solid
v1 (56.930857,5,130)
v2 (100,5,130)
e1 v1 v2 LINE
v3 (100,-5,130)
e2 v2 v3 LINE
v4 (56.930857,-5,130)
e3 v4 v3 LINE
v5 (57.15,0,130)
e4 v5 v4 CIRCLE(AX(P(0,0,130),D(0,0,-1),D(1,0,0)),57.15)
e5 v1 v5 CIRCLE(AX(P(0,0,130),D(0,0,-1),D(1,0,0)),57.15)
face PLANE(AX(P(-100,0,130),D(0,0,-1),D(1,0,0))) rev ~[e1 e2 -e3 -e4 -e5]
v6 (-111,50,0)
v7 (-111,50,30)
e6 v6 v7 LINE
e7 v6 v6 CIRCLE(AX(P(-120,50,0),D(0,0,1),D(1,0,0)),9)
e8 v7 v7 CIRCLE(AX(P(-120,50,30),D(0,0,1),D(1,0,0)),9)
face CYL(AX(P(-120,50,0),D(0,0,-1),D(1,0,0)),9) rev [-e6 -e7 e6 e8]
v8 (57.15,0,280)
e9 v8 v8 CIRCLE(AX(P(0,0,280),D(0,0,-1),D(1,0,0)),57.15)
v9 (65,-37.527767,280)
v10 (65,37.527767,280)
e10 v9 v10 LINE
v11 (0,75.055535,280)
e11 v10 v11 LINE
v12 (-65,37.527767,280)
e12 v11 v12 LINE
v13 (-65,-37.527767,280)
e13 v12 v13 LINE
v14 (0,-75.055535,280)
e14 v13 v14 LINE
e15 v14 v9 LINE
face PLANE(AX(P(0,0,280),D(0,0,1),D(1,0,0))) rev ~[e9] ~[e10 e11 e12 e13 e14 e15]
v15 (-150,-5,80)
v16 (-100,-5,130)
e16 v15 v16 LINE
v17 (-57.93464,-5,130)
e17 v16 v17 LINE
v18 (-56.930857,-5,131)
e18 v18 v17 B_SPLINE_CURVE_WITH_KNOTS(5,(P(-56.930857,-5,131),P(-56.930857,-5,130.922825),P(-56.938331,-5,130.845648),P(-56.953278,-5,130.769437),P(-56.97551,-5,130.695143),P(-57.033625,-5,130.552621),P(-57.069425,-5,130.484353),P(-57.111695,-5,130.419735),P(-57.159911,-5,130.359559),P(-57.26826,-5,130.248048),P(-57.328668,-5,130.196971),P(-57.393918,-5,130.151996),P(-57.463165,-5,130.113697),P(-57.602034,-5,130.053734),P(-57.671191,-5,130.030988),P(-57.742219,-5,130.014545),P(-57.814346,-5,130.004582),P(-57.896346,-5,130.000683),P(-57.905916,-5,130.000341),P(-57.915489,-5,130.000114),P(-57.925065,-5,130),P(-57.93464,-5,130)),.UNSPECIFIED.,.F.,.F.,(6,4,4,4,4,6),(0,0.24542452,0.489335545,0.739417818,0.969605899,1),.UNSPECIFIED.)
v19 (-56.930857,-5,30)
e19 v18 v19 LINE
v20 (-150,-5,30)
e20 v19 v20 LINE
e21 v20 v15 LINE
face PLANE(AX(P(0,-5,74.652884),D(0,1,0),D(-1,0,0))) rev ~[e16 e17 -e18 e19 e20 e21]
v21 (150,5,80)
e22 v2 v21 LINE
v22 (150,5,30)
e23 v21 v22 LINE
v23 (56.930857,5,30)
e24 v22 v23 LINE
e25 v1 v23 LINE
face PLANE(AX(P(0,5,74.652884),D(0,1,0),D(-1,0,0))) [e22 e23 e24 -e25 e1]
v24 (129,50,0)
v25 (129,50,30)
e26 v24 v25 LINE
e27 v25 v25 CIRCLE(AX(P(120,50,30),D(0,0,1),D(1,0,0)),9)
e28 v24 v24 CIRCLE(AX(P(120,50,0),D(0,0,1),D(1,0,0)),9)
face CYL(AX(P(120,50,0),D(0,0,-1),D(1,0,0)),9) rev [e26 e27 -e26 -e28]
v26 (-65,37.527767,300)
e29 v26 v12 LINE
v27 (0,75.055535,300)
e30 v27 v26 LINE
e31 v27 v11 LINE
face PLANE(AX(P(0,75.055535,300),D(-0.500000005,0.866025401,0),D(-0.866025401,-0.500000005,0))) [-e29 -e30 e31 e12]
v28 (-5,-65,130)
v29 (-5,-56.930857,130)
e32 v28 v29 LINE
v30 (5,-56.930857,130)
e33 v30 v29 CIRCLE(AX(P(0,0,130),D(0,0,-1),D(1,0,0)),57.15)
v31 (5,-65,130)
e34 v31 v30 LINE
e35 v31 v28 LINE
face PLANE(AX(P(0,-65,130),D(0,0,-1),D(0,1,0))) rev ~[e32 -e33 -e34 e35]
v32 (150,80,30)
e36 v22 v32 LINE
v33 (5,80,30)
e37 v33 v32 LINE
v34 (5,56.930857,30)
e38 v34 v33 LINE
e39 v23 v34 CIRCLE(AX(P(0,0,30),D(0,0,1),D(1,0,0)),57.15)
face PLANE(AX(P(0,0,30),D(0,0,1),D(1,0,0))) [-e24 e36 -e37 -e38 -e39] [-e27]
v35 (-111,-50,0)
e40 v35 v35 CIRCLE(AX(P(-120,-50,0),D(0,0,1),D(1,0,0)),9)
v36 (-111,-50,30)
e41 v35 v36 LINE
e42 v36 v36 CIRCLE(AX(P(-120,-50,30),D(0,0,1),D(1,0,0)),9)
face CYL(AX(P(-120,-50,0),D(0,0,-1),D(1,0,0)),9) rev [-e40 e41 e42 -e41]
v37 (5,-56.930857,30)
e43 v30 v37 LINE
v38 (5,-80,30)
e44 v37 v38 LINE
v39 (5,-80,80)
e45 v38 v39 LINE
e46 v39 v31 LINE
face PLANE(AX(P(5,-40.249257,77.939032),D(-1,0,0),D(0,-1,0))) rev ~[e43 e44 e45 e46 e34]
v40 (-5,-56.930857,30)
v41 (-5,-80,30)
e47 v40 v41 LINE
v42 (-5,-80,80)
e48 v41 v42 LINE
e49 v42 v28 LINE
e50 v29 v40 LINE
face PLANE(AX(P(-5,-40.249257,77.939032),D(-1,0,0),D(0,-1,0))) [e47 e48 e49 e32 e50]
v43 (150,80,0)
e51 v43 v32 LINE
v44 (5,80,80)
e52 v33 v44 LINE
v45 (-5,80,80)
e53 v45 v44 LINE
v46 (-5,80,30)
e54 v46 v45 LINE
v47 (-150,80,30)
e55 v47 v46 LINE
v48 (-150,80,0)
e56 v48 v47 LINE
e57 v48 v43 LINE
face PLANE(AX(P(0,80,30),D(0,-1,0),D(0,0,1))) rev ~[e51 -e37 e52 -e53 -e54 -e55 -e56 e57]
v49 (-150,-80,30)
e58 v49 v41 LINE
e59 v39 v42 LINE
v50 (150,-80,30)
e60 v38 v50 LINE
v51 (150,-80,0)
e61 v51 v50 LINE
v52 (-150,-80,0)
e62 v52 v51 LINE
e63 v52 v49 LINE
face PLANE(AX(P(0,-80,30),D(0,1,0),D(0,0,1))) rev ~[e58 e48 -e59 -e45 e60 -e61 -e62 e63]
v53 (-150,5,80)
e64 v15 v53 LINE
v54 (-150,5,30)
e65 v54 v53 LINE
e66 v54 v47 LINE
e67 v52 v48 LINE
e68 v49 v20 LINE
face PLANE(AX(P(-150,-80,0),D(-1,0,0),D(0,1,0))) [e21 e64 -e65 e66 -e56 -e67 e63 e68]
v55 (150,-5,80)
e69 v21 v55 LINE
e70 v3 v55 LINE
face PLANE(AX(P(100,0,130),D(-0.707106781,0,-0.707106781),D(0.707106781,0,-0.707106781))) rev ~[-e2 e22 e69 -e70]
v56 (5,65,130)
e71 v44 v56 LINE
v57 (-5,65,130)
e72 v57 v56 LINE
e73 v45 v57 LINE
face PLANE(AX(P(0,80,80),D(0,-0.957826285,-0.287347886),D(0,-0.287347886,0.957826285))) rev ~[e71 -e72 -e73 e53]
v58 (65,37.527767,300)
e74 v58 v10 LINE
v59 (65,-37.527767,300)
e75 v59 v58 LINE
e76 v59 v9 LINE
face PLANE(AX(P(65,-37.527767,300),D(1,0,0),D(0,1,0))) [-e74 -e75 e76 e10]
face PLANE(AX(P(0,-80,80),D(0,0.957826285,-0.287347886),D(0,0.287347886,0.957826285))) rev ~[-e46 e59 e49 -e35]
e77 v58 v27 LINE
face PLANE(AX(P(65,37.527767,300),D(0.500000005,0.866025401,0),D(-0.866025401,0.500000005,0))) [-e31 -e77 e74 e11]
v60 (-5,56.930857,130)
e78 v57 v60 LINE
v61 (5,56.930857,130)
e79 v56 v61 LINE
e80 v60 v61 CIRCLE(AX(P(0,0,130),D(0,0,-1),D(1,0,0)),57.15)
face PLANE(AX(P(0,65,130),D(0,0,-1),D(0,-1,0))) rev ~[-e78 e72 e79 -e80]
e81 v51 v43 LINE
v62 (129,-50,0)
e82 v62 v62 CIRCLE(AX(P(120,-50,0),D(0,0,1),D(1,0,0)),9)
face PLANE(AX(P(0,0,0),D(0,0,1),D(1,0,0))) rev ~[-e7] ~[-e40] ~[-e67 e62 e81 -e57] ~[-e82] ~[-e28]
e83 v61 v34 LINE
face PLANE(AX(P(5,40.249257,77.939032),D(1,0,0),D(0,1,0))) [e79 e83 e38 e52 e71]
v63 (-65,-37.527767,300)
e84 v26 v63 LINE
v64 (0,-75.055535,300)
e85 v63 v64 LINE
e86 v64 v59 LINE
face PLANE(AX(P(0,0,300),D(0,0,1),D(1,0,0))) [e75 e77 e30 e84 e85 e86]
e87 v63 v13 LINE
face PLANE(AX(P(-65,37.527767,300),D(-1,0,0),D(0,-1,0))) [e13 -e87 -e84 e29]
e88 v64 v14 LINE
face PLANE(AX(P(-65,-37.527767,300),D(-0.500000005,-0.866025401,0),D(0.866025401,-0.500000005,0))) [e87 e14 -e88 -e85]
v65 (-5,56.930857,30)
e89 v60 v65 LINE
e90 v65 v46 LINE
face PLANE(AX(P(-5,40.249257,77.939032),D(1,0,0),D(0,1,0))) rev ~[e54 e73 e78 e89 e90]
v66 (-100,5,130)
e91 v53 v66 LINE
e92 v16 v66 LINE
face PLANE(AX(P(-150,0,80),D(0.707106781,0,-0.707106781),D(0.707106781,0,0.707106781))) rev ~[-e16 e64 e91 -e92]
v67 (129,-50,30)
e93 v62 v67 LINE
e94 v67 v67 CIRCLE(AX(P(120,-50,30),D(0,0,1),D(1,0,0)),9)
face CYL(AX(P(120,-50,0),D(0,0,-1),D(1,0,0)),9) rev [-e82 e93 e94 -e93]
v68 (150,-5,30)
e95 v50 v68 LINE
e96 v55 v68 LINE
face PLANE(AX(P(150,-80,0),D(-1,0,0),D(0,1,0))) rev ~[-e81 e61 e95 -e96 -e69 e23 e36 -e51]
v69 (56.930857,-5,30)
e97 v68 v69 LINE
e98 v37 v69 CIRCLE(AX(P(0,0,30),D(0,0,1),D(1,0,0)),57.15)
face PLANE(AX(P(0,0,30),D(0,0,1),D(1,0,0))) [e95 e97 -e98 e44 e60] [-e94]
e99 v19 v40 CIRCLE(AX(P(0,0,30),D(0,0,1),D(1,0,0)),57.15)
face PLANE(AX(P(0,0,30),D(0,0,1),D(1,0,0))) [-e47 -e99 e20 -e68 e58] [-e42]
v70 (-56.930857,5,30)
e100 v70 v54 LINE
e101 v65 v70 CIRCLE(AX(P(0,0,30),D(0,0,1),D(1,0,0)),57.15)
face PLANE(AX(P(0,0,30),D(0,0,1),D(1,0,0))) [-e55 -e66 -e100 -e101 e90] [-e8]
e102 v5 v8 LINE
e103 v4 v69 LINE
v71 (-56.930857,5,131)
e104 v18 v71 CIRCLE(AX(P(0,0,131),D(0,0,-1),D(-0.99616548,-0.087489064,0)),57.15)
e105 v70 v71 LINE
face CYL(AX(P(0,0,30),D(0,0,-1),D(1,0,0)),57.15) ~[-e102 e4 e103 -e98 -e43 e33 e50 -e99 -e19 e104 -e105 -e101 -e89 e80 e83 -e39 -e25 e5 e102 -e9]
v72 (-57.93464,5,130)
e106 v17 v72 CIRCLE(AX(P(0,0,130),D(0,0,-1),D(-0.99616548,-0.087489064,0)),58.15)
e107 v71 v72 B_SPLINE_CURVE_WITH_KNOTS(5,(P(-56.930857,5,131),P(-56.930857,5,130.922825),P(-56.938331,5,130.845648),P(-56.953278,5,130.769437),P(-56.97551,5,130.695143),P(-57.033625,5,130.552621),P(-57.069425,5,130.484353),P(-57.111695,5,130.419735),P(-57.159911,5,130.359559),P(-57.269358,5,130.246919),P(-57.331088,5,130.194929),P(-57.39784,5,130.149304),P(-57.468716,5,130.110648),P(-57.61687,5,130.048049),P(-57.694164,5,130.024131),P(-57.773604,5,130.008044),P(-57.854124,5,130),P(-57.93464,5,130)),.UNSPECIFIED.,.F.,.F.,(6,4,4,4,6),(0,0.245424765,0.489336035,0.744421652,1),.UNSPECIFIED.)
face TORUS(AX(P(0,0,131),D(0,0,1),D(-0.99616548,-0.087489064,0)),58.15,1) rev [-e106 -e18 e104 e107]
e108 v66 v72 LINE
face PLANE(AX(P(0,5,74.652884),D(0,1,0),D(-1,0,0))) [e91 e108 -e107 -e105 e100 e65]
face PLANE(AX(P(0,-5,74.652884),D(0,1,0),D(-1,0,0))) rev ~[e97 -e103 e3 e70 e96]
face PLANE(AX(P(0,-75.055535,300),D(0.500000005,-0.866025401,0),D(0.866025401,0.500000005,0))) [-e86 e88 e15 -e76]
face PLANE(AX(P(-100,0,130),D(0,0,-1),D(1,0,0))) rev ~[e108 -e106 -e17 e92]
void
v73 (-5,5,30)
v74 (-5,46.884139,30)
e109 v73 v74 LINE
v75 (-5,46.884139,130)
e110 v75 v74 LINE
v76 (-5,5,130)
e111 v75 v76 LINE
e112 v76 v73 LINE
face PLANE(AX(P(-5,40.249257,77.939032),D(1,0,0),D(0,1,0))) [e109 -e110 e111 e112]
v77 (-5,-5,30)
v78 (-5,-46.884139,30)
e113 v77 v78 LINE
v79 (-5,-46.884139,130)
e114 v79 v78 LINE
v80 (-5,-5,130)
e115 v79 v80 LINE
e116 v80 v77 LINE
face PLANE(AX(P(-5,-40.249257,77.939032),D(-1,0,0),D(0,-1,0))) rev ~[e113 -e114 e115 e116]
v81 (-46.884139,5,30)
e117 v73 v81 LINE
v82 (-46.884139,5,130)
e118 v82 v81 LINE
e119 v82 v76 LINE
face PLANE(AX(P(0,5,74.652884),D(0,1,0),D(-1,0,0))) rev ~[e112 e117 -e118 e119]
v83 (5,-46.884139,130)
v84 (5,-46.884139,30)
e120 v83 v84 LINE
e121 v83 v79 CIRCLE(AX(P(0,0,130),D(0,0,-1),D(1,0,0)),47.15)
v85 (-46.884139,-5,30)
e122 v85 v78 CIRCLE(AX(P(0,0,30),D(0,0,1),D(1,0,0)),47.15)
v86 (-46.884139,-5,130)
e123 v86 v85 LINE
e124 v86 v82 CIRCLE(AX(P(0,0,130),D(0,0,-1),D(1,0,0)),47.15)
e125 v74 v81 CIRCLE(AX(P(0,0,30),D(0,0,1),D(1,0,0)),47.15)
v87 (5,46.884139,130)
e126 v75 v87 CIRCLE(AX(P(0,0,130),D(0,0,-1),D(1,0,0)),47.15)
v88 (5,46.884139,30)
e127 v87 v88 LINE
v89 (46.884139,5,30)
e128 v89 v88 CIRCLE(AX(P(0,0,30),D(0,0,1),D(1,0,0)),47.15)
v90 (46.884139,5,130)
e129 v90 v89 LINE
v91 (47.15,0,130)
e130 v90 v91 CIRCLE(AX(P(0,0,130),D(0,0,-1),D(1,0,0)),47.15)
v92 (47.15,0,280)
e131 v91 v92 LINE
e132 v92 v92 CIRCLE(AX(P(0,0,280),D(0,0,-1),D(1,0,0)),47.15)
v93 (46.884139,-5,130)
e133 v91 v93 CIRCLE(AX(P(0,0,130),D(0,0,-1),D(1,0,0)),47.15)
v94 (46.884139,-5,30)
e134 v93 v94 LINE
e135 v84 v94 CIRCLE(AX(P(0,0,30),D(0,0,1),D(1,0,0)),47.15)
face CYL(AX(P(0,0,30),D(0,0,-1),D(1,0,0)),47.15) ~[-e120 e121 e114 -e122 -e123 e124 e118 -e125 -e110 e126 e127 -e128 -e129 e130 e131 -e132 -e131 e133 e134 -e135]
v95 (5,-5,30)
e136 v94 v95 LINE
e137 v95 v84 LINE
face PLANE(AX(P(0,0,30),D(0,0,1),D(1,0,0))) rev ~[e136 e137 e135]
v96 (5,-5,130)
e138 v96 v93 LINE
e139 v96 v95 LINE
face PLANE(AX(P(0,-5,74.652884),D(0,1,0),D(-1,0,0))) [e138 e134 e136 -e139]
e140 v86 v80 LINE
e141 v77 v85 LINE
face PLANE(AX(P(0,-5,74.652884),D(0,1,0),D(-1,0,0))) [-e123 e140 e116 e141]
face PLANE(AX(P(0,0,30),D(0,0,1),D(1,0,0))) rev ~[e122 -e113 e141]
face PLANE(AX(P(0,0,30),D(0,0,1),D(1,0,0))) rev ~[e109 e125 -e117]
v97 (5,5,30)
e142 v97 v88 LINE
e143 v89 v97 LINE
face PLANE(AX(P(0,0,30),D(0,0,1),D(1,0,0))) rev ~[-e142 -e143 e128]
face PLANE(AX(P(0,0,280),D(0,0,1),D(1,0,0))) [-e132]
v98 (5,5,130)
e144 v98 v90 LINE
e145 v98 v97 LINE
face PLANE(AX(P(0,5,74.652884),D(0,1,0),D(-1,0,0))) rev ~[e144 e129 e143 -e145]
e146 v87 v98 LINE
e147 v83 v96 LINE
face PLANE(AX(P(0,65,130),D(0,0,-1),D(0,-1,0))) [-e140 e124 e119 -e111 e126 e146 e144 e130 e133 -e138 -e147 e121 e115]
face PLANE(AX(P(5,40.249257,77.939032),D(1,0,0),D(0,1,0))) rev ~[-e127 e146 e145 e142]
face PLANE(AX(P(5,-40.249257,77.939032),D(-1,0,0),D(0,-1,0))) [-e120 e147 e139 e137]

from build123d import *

# Parameters (mm, degrees)
EXTRUDE004_DEPTH      = 20
EXTRUDE001_DEPTH      = 5
SKETCH002_R           = 57.15
SKETCH002_R_2         = 47.15
EXTRUDE002_DEPTH      = 270
EXTRUDE003_DEPTH      = 5
CLONE_PLACEMENT_ANGLE = 180
SKETCH_W              = 300
SKETCH_H              = 160
SKETCH_R              = 9
EXTRUDE_DEPTH         = 30
FILLET_R              = 1


with BuildPart() as lastplatte:
    # Sketch004 (on Face26 of Fusion) → Extrude004 (new body)
    with BuildSketch(Plane.XY.offset(300)):
        Polygon((65, 37.527767), (0, 75.055535), (-65, 37.527767), (-65, -37.527767), (0, -75.055535), (65, -37.527767), align=None)
    extrude(amount=-EXTRUDE004_DEPTH)


with BuildPart() as steife1:
    # Sketch001 → Extrude001 (new body, symmetric)
    with BuildSketch(Plane.XZ):
        Polygon((150, 30), (-150, 30), (-150, 80), (-100, 130), (100, 130), (150, 80), align=None)
    extrude(amount=EXTRUDE001_DEPTH, both=True)


with BuildPart() as r114x10:
    # Sketch002 (on Face10 of Extrude) → Extrude002 (new body)
    with BuildSketch(Plane.XY.offset(30)):
        Circle(SKETCH002_R)
        Circle(SKETCH002_R_2, mode=Mode.SUBTRACT)
    extrude(amount=EXTRUDE002_DEPTH)


with BuildPart() as steife2:
    # Sketch003 → Extrude003 (new body, symmetric)
    with BuildSketch(Plane.YZ):
        Polygon((-80, 30), (-80, 80), (-65, 130), (-5, 130), (-5, 30), align=None)
    extrude(amount=EXTRUDE003_DEPTH, both=True)


with BuildPart() as steife003:
    # Clone base: copy of steife2
    add(steife2.part)


with BuildPart() as steife003_1:
    # Clone placement: moved
    add(steife003.part.rotate(Axis((0, 0, 0), (0, 0, 1)), CLONE_PLACEMENT_ANGLE))


with BuildPart() as fillet_body:
    # Sketch → Extrude (new body)
    with BuildSketch(Plane.XY):
        Rectangle(SKETCH_W, SKETCH_H)
        with Locations((-120, 50)):
            Circle(SKETCH_R, mode=Mode.SUBTRACT)
        with Locations((120, 50)):
            Circle(SKETCH_R, mode=Mode.SUBTRACT)
        with Locations((120, -50)):
            Circle(SKETCH_R, mode=Mode.SUBTRACT)
        with Locations((-120, -50)):
            Circle(SKETCH_R, mode=Mode.SUBTRACT)
    extrude(amount=EXTRUDE_DEPTH)

    # Fusion: union steife1, R114x10, steife2, steife003
    add(steife1.part)
    add(r114x10.part)
    add(steife2.part)
    add(steife003_1.part)

    # Fusion001: union lastplatte
    add(lastplatte.part)

    # Fillet
    fillet_edges = [fillet_body.edges().sort_by_distance(p)[0] for p in [
        (-57.15, 0, 130),
    ]]
    fillet(fillet_edges, radius=FILLET_R)


solid = fillet_body.part
